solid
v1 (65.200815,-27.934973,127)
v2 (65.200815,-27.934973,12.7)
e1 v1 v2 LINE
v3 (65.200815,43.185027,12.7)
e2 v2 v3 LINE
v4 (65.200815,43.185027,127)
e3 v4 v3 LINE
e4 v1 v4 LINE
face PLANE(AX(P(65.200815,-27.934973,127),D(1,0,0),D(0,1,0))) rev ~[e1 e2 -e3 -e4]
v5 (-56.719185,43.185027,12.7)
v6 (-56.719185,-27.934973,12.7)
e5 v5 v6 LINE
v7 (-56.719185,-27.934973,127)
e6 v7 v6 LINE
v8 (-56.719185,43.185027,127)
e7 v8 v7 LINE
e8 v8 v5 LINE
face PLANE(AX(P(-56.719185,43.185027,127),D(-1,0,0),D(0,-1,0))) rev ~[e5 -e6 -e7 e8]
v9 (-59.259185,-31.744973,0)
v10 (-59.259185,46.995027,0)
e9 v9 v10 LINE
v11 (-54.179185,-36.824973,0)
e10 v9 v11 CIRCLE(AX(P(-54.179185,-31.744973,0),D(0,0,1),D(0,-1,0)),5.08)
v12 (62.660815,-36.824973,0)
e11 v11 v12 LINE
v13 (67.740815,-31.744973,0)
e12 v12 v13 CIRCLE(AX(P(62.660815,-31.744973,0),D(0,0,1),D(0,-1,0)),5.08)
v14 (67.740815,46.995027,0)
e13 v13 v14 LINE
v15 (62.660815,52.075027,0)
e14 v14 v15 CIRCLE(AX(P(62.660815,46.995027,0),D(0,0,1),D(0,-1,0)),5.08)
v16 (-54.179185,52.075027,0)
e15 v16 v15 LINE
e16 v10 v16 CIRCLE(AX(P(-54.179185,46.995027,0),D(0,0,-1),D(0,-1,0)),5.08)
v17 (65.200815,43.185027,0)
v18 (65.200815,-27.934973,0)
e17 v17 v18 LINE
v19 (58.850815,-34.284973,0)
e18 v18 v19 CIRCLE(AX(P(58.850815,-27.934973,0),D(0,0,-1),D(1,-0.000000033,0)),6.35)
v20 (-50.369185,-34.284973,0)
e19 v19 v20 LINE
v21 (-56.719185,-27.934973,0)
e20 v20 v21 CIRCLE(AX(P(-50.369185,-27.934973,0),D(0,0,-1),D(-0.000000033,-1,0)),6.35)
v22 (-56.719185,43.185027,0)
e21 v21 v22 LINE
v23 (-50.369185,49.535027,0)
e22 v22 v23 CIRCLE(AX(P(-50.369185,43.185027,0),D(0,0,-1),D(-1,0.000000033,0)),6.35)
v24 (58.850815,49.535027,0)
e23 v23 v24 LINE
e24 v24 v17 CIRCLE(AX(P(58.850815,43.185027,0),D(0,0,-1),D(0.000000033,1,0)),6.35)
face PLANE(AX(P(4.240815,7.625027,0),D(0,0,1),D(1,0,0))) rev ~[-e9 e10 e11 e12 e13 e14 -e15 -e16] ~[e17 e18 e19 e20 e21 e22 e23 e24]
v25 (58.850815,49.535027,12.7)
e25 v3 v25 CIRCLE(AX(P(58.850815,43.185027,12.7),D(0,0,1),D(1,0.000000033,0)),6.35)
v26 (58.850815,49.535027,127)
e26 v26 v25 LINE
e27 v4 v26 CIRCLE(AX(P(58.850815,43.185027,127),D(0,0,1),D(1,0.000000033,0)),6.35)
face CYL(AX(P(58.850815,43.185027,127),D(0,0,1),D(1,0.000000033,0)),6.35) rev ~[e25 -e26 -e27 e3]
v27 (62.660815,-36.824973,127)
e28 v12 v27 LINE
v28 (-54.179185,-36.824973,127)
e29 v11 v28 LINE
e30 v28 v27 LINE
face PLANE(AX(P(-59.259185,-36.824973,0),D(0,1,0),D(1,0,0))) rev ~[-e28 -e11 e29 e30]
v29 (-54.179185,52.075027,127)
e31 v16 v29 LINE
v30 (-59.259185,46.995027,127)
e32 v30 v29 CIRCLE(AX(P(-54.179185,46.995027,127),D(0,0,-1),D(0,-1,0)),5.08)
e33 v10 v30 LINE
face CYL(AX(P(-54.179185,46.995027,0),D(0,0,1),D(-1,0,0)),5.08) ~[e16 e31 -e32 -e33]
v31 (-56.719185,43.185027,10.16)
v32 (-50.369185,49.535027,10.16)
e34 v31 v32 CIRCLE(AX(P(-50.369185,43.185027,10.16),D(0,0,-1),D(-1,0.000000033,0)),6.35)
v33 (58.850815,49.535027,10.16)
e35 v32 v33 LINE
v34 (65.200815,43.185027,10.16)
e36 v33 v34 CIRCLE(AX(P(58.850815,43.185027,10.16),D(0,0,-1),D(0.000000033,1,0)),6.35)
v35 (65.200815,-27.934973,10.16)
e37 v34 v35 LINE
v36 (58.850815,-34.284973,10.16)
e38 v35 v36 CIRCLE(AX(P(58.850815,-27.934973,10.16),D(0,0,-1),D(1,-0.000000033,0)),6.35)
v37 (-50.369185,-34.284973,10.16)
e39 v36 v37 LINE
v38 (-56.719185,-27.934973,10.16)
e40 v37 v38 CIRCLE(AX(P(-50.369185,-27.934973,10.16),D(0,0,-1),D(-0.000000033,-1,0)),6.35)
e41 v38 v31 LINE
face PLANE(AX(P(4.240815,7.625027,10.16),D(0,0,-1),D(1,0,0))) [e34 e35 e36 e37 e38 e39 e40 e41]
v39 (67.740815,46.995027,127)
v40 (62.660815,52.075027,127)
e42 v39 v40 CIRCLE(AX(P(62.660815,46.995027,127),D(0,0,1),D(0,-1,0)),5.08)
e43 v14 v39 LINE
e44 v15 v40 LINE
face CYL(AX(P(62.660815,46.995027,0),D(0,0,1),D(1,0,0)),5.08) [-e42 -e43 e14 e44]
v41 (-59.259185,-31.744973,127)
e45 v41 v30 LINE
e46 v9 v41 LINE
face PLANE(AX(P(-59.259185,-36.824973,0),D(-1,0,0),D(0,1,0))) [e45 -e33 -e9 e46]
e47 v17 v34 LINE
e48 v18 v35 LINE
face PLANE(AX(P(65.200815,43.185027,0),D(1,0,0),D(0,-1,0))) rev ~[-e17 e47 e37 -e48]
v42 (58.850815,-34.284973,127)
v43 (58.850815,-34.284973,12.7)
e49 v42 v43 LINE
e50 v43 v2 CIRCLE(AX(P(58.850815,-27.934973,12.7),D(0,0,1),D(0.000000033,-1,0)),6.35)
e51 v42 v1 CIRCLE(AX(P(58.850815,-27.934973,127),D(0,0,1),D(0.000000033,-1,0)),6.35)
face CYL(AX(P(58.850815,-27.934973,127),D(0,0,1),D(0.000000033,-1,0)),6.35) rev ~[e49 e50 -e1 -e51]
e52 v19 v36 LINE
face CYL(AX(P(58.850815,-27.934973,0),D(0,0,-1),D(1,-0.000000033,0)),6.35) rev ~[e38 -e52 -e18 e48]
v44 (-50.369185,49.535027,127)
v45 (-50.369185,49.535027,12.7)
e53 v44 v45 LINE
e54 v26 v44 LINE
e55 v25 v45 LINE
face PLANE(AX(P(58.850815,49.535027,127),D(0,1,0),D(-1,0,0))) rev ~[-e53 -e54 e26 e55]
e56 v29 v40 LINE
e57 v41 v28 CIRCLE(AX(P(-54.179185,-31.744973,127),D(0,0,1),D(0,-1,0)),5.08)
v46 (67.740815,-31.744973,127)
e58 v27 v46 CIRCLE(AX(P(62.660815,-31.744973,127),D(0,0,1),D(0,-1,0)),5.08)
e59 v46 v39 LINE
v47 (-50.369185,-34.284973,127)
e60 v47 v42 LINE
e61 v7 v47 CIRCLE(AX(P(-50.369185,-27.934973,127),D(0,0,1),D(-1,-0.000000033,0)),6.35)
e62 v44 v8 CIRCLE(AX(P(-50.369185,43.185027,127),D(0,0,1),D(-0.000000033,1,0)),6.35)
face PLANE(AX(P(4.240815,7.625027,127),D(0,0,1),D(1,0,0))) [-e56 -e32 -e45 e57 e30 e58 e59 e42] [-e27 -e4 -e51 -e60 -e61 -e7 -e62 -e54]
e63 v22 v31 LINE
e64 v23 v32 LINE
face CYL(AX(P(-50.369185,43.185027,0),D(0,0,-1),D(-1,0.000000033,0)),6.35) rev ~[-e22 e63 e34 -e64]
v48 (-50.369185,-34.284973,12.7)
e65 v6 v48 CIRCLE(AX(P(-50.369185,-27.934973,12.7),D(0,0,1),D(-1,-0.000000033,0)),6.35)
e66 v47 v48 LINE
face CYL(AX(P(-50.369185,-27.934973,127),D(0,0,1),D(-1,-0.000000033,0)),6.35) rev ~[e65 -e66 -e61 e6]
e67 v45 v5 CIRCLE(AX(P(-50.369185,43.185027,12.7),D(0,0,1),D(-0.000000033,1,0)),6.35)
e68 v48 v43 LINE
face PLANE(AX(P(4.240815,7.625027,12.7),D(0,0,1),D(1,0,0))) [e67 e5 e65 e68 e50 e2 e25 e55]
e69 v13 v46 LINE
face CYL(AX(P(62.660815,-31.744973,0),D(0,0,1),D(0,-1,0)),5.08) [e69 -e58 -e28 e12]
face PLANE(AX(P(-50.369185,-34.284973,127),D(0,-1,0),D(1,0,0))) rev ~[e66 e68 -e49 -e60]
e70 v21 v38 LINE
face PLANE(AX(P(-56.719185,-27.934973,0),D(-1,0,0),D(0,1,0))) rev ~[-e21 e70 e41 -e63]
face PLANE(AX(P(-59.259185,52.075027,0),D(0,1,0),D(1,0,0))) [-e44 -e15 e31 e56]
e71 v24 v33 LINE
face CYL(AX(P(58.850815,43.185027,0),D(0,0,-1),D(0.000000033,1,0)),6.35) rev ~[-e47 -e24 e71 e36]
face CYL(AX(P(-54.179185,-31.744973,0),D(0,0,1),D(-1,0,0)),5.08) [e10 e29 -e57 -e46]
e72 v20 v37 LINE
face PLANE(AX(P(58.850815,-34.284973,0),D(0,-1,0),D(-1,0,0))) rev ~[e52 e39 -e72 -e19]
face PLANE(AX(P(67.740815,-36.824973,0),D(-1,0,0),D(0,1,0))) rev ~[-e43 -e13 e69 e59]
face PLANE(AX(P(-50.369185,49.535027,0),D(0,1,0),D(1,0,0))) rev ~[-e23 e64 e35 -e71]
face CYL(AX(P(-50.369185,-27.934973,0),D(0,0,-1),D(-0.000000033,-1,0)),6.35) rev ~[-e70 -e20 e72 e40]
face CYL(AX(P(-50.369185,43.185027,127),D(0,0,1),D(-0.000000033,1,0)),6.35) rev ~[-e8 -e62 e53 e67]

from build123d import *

# Parameters (mm, degrees)
F0_W     = 127
F0_H     = 88.9
F1_DEPTH = 127
F2_R     = 5.08
F4_DEPTH = 114.3
F6_DEPTH = 10.16


with BuildPart() as f1:
    # F0 (on Top) → F1 (new body)
    with BuildSketch(Plane.XY):
        with Locations((4.240815, 7.625027)):
            Rectangle(F0_W, F0_H)
    extrude(amount=F1_DEPTH)

    # F2
    f2_edges = [f1.edges().sort_by_distance(p)[0] for p in [
        (-59.259185, -36.824973, 63.5),
        (67.740815, -36.824973, 63.5),
        (67.740815, 52.075027, 63.5),
        (-59.259185, 52.075027, 63.5),
    ]]
    fillet(f2_edges, radius=F2_R)

    # F3 (on face) → F4 (cut)
    with BuildSketch(Plane.XY.offset(127)):
        with BuildLine():
            Line((58.850815, 49.535027), (-50.369185, 49.535027))
            ThreePointArc((-50.369185, 49.535027), (-54.859313, 47.675155), (-56.719185, 43.185027))
            Line((-56.719185, 43.185027), (-56.719185, -27.934973))
            ThreePointArc((-56.719185, -27.934973), (-54.859313, -32.425101), (-50.369185, -34.284973))
            Line((-50.369185, -34.284973), (58.850815, -34.284973))
            ThreePointArc((58.850815, -34.284973), (63.340943, -32.425101), (65.200815, -27.934973))
            Line((65.200815, -27.934973), (65.200815, 43.185027))
            ThreePointArc((65.200815, 43.185027), (63.340943, 47.675155), (58.850815, 49.535027))
        make_face()
    extrude(amount=-F4_DEPTH, mode=Mode.SUBTRACT)

    # F5 (on face) → F6 (cut)
    with BuildSketch(Plane(origin=(0, 0, 0), x_dir=(1, 0, 0), z_dir=(0, 0, -1))):
        with BuildLine():
            ThreePointArc((58.850815, -49.535027), (63.340943, -47.675155), (65.200815, -43.185027))
            Line((65.200815, -43.185027), (65.200815, 27.934973))
            ThreePointArc((65.200815, 27.934973), (63.340943, 32.425101), (58.850815, 34.284973))
            Line((58.850815, 34.284973), (-50.369185, 34.284973))
            ThreePointArc((-50.369185, 34.284973), (-54.859313, 32.425101), (-56.719185, 27.934973))
            Line((-56.719185, 27.934973), (-56.719185, -43.185027))
            ThreePointArc((-56.719185, -43.185027), (-54.859313, -47.675155), (-50.369185, -49.535027))
            Line((-50.369185, -49.535027), (58.850815, -49.535027))
        make_face()
    extrude(amount=-F6_DEPTH, mode=Mode.SUBTRACT)


solid = f1.part
